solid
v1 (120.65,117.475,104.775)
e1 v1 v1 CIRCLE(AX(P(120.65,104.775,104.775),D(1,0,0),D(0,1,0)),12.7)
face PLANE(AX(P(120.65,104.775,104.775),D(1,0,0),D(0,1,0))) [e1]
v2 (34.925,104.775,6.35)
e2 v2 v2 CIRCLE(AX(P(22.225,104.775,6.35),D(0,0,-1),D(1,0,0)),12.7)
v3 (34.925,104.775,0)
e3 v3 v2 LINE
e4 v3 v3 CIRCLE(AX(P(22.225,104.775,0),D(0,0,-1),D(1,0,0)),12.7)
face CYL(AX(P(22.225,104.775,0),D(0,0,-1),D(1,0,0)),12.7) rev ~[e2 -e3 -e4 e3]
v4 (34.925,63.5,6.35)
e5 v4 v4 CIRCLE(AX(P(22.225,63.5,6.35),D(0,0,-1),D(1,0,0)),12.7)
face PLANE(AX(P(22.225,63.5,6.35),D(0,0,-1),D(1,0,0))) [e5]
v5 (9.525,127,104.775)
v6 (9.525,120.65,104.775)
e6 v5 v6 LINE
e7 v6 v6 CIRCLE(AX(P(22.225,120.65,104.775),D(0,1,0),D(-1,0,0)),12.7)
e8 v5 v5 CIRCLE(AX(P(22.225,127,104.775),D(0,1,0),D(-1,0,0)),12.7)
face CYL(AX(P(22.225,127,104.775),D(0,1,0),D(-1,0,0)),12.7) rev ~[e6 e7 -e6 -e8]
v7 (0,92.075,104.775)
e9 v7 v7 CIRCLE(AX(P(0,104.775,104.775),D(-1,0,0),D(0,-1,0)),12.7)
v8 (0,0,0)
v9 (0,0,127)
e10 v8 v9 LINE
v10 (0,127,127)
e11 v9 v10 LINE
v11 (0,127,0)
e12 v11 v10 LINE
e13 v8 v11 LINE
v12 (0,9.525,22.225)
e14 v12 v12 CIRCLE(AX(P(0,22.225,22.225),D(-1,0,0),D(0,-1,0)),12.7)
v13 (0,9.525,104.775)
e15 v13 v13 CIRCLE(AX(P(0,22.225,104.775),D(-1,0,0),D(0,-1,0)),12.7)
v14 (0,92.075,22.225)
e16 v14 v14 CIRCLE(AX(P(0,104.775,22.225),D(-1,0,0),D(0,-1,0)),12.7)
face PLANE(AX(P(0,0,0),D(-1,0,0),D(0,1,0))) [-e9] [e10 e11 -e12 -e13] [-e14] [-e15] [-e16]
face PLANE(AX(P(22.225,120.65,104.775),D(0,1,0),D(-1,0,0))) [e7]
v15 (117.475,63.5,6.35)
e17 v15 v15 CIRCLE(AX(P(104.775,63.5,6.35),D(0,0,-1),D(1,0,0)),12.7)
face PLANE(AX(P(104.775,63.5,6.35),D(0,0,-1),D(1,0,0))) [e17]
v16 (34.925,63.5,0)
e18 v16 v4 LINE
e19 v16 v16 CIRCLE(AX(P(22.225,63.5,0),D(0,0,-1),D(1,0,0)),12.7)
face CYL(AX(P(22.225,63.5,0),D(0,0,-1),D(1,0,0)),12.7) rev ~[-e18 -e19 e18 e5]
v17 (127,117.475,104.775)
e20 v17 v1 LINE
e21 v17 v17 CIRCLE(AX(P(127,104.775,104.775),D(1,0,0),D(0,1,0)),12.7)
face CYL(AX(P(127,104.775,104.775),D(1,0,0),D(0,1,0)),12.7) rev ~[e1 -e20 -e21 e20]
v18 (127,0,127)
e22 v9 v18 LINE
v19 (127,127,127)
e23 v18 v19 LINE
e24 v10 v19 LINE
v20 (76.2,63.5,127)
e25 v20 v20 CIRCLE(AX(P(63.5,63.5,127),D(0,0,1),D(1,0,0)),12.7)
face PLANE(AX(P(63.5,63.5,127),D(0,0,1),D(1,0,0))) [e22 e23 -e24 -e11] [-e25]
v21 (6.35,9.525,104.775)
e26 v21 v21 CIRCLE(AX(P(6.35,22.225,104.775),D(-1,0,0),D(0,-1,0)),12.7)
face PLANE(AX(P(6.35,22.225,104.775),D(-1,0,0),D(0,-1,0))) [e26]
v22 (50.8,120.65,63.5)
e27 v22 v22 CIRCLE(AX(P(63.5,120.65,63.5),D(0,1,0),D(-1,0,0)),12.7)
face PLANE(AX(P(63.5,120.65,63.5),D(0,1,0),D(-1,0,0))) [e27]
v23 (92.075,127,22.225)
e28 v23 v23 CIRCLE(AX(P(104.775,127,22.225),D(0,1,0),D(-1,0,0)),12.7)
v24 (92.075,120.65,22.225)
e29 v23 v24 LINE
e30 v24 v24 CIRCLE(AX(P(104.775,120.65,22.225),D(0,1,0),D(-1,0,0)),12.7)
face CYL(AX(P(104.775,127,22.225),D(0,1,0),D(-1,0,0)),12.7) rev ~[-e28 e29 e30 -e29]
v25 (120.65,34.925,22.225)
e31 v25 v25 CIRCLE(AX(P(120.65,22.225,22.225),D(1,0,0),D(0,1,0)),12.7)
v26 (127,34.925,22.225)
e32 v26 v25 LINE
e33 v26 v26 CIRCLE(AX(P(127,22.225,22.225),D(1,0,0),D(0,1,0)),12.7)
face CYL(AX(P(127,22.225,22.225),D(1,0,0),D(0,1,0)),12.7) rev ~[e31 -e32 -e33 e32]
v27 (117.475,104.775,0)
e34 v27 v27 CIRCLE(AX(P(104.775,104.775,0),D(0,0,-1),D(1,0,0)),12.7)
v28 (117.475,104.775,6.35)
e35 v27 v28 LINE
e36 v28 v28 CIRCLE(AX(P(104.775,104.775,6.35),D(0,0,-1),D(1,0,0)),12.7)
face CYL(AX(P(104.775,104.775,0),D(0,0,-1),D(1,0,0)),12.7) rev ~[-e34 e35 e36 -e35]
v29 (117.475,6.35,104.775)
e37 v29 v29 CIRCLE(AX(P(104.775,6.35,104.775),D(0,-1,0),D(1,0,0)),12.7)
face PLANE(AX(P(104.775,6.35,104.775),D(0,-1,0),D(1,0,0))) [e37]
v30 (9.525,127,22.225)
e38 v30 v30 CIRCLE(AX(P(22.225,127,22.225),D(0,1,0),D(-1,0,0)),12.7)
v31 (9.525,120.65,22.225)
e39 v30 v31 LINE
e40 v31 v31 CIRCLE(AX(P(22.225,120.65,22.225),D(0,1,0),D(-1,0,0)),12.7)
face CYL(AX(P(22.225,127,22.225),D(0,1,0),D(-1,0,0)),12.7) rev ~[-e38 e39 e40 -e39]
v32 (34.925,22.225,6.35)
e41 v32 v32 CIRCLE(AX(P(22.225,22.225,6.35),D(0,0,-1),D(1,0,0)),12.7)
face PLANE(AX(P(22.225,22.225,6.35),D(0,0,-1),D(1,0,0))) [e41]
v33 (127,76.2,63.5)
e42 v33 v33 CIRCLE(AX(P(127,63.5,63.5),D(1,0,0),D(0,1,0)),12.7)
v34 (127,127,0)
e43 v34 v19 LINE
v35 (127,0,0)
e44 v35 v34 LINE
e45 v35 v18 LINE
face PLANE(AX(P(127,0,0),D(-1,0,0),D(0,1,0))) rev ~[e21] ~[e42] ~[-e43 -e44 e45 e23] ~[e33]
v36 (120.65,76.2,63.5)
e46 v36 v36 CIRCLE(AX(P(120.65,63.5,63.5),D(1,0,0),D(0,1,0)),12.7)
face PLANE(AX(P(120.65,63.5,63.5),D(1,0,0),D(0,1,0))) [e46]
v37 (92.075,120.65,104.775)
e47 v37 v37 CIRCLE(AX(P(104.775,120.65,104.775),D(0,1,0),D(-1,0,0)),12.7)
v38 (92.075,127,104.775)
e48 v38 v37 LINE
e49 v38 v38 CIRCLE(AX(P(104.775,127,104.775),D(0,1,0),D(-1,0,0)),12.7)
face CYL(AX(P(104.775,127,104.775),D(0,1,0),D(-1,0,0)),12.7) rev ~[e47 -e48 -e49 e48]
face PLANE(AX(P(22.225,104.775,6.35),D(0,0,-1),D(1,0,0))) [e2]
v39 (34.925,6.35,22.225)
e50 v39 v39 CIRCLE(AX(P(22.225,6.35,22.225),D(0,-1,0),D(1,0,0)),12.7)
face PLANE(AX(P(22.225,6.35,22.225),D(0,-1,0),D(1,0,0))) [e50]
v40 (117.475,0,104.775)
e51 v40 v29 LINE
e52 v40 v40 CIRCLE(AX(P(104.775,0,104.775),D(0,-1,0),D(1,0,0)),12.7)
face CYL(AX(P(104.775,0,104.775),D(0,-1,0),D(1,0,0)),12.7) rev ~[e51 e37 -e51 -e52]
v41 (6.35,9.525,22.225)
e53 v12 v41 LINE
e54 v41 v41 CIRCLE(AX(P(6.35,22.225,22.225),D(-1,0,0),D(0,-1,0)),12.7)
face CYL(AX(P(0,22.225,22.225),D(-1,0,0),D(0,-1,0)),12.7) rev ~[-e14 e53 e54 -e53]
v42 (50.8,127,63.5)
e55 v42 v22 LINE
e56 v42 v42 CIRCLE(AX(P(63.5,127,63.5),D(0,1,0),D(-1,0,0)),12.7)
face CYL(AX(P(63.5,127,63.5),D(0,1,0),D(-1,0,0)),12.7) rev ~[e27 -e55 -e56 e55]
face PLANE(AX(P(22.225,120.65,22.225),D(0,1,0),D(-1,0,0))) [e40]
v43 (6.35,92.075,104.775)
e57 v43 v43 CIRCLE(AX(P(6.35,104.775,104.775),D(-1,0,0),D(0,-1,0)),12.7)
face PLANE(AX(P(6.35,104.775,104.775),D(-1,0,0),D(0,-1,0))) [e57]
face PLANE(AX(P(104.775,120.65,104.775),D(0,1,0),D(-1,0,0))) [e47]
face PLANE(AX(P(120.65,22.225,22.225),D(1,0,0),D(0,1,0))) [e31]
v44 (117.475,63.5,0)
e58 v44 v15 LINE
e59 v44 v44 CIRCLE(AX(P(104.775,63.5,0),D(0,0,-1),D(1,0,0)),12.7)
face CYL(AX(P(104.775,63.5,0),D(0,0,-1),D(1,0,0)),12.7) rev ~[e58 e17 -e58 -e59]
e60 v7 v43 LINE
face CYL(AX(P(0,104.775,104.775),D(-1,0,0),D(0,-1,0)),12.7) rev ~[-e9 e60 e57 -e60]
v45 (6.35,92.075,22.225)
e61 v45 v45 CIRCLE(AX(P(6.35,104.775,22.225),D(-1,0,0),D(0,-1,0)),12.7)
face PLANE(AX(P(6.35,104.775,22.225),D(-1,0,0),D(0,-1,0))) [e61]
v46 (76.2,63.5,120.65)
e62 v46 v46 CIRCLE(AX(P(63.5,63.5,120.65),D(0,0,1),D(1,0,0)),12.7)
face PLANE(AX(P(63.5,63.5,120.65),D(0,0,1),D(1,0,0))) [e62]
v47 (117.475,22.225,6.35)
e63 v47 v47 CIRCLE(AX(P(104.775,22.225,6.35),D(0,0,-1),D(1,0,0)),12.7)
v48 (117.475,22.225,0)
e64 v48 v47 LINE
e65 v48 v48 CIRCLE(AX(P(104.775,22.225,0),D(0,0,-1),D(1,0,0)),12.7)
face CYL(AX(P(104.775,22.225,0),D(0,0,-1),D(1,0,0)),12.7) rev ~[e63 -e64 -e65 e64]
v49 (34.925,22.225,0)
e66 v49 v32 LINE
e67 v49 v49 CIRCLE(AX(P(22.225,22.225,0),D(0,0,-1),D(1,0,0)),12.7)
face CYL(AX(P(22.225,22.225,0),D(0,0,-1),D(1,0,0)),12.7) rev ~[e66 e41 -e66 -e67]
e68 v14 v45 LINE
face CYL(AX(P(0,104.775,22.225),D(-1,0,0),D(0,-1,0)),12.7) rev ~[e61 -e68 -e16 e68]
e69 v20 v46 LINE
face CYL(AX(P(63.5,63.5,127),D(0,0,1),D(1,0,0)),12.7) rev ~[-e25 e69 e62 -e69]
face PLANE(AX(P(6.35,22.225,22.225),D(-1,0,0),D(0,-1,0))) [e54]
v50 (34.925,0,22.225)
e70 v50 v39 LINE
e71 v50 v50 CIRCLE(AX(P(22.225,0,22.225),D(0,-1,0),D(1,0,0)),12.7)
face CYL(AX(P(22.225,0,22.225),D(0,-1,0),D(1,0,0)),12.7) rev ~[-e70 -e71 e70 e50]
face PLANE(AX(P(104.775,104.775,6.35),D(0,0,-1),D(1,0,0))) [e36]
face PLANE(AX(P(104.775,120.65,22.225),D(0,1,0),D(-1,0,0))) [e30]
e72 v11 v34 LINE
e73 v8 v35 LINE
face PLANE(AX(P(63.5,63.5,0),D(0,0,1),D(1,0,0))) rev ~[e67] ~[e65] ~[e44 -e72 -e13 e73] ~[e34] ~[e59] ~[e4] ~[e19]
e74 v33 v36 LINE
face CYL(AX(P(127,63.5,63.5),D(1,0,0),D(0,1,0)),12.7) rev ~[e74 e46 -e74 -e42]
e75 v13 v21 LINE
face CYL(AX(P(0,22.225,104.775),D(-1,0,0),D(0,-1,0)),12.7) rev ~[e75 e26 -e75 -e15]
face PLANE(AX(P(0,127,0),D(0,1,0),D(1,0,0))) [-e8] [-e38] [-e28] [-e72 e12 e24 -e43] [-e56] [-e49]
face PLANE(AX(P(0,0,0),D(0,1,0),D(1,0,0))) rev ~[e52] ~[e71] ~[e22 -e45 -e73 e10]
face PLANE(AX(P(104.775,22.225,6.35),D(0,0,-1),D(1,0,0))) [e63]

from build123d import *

# Parameters (mm, degrees)
F0_W      = 127
F0_H      = 127
F1_DEPTH  = 127
F2_R      = 12.7
F3_DEPTH  = 6.35
F4_R      = 12.7
F5_DEPTH  = 6.35
F6_R      = 12.7
F7_DEPTH  = 6.35
F8_R      = 12.7
F9_DEPTH  = 6.35
F10_R     = 12.7
F11_DEPTH = 6.35
F12_R     = 12.7
F13_DEPTH = 6.35


with BuildPart() as f1:
    # F0 (on Top) → F1 (new body)
    with BuildSketch(Plane.XY):
        with Locations((63.5, 63.5)):
            Rectangle(F0_W, F0_H)
    extrude(amount=F1_DEPTH)

    # F2 (on face) → F3 (cut)
    with BuildSketch(Plane.XY.offset(127)):
        with Locations((63.5, 63.5)):
            Circle(F2_R)
    extrude(amount=-F3_DEPTH, mode=Mode.SUBTRACT)

    # F4 (on face) → F5 (cut)
    with BuildSketch(Plane.XZ):
        with Locations((22.225, 22.225)):
            Circle(F4_R)
        with Locations((104.775, 104.775)):
            Circle(F4_R)
    extrude(amount=-F5_DEPTH, mode=Mode.SUBTRACT)

    # F6 (on face) → F7 (cut)
    with BuildSketch(Plane(origin=(0, 0, 0), x_dir=(0, -1, 0), z_dir=(-1, 0, 0))):
        with Locations((-104.775, 104.775)):
            Circle(F6_R)
        with Locations((-22.225, 104.775)):
            Circle(F6_R)
        with Locations((-22.225, 22.225)):
            Circle(F6_R)
        with Locations((-104.775, 22.225)):
            Circle(F6_R)
    extrude(amount=-F7_DEPTH, mode=Mode.SUBTRACT)

    # F8 (on face) → F9 (cut)
    with BuildSketch(Plane(origin=(0, 0, 0), x_dir=(1, 0, 0), z_dir=(0, 0, -1))):
        with Locations((22.225, -22.225)):
            Circle(F8_R)
        with Locations((22.225, -63.5)):
            Circle(F8_R)
        with Locations((22.225, -104.775)):
            Circle(F8_R)
        with Locations((104.775, -104.775)):
            Circle(F8_R)
        with Locations((104.775, -63.5)):
            Circle(F8_R)
        with Locations((104.775, -22.225)):
            Circle(F8_R)
    extrude(amount=-F9_DEPTH, mode=Mode.SUBTRACT)

    # F10 (on face) → F11 (cut)
    with BuildSketch(Plane.YZ.offset(127)):
        with Locations((22.225, 22.225)):
            Circle(F10_R)
        with Locations((63.5, 63.5)):
            Circle(F10_R)
        with Locations((104.775, 104.775)):
            Circle(F10_R)
    extrude(amount=-F11_DEPTH, mode=Mode.SUBTRACT)

    # F12 (on face) → F13 (cut)
    with BuildSketch(Plane(origin=(0, 127, 0), x_dir=(-1, 0, 0), z_dir=(0, 1, 0))):
        with Locations((-104.775, 104.775)):
            Circle(F12_R)
        with Locations((-63.5, 63.5)):
            Circle(F12_R)
        with Locations((-104.775, 22.225)):
            Circle(F12_R)
        with Locations((-22.225, 22.225)):
            Circle(F12_R)
        with Locations((-22.225, 104.775)):
            Circle(F12_R)
    extrude(amount=-F13_DEPTH, mode=Mode.SUBTRACT)


solid = f1.part
